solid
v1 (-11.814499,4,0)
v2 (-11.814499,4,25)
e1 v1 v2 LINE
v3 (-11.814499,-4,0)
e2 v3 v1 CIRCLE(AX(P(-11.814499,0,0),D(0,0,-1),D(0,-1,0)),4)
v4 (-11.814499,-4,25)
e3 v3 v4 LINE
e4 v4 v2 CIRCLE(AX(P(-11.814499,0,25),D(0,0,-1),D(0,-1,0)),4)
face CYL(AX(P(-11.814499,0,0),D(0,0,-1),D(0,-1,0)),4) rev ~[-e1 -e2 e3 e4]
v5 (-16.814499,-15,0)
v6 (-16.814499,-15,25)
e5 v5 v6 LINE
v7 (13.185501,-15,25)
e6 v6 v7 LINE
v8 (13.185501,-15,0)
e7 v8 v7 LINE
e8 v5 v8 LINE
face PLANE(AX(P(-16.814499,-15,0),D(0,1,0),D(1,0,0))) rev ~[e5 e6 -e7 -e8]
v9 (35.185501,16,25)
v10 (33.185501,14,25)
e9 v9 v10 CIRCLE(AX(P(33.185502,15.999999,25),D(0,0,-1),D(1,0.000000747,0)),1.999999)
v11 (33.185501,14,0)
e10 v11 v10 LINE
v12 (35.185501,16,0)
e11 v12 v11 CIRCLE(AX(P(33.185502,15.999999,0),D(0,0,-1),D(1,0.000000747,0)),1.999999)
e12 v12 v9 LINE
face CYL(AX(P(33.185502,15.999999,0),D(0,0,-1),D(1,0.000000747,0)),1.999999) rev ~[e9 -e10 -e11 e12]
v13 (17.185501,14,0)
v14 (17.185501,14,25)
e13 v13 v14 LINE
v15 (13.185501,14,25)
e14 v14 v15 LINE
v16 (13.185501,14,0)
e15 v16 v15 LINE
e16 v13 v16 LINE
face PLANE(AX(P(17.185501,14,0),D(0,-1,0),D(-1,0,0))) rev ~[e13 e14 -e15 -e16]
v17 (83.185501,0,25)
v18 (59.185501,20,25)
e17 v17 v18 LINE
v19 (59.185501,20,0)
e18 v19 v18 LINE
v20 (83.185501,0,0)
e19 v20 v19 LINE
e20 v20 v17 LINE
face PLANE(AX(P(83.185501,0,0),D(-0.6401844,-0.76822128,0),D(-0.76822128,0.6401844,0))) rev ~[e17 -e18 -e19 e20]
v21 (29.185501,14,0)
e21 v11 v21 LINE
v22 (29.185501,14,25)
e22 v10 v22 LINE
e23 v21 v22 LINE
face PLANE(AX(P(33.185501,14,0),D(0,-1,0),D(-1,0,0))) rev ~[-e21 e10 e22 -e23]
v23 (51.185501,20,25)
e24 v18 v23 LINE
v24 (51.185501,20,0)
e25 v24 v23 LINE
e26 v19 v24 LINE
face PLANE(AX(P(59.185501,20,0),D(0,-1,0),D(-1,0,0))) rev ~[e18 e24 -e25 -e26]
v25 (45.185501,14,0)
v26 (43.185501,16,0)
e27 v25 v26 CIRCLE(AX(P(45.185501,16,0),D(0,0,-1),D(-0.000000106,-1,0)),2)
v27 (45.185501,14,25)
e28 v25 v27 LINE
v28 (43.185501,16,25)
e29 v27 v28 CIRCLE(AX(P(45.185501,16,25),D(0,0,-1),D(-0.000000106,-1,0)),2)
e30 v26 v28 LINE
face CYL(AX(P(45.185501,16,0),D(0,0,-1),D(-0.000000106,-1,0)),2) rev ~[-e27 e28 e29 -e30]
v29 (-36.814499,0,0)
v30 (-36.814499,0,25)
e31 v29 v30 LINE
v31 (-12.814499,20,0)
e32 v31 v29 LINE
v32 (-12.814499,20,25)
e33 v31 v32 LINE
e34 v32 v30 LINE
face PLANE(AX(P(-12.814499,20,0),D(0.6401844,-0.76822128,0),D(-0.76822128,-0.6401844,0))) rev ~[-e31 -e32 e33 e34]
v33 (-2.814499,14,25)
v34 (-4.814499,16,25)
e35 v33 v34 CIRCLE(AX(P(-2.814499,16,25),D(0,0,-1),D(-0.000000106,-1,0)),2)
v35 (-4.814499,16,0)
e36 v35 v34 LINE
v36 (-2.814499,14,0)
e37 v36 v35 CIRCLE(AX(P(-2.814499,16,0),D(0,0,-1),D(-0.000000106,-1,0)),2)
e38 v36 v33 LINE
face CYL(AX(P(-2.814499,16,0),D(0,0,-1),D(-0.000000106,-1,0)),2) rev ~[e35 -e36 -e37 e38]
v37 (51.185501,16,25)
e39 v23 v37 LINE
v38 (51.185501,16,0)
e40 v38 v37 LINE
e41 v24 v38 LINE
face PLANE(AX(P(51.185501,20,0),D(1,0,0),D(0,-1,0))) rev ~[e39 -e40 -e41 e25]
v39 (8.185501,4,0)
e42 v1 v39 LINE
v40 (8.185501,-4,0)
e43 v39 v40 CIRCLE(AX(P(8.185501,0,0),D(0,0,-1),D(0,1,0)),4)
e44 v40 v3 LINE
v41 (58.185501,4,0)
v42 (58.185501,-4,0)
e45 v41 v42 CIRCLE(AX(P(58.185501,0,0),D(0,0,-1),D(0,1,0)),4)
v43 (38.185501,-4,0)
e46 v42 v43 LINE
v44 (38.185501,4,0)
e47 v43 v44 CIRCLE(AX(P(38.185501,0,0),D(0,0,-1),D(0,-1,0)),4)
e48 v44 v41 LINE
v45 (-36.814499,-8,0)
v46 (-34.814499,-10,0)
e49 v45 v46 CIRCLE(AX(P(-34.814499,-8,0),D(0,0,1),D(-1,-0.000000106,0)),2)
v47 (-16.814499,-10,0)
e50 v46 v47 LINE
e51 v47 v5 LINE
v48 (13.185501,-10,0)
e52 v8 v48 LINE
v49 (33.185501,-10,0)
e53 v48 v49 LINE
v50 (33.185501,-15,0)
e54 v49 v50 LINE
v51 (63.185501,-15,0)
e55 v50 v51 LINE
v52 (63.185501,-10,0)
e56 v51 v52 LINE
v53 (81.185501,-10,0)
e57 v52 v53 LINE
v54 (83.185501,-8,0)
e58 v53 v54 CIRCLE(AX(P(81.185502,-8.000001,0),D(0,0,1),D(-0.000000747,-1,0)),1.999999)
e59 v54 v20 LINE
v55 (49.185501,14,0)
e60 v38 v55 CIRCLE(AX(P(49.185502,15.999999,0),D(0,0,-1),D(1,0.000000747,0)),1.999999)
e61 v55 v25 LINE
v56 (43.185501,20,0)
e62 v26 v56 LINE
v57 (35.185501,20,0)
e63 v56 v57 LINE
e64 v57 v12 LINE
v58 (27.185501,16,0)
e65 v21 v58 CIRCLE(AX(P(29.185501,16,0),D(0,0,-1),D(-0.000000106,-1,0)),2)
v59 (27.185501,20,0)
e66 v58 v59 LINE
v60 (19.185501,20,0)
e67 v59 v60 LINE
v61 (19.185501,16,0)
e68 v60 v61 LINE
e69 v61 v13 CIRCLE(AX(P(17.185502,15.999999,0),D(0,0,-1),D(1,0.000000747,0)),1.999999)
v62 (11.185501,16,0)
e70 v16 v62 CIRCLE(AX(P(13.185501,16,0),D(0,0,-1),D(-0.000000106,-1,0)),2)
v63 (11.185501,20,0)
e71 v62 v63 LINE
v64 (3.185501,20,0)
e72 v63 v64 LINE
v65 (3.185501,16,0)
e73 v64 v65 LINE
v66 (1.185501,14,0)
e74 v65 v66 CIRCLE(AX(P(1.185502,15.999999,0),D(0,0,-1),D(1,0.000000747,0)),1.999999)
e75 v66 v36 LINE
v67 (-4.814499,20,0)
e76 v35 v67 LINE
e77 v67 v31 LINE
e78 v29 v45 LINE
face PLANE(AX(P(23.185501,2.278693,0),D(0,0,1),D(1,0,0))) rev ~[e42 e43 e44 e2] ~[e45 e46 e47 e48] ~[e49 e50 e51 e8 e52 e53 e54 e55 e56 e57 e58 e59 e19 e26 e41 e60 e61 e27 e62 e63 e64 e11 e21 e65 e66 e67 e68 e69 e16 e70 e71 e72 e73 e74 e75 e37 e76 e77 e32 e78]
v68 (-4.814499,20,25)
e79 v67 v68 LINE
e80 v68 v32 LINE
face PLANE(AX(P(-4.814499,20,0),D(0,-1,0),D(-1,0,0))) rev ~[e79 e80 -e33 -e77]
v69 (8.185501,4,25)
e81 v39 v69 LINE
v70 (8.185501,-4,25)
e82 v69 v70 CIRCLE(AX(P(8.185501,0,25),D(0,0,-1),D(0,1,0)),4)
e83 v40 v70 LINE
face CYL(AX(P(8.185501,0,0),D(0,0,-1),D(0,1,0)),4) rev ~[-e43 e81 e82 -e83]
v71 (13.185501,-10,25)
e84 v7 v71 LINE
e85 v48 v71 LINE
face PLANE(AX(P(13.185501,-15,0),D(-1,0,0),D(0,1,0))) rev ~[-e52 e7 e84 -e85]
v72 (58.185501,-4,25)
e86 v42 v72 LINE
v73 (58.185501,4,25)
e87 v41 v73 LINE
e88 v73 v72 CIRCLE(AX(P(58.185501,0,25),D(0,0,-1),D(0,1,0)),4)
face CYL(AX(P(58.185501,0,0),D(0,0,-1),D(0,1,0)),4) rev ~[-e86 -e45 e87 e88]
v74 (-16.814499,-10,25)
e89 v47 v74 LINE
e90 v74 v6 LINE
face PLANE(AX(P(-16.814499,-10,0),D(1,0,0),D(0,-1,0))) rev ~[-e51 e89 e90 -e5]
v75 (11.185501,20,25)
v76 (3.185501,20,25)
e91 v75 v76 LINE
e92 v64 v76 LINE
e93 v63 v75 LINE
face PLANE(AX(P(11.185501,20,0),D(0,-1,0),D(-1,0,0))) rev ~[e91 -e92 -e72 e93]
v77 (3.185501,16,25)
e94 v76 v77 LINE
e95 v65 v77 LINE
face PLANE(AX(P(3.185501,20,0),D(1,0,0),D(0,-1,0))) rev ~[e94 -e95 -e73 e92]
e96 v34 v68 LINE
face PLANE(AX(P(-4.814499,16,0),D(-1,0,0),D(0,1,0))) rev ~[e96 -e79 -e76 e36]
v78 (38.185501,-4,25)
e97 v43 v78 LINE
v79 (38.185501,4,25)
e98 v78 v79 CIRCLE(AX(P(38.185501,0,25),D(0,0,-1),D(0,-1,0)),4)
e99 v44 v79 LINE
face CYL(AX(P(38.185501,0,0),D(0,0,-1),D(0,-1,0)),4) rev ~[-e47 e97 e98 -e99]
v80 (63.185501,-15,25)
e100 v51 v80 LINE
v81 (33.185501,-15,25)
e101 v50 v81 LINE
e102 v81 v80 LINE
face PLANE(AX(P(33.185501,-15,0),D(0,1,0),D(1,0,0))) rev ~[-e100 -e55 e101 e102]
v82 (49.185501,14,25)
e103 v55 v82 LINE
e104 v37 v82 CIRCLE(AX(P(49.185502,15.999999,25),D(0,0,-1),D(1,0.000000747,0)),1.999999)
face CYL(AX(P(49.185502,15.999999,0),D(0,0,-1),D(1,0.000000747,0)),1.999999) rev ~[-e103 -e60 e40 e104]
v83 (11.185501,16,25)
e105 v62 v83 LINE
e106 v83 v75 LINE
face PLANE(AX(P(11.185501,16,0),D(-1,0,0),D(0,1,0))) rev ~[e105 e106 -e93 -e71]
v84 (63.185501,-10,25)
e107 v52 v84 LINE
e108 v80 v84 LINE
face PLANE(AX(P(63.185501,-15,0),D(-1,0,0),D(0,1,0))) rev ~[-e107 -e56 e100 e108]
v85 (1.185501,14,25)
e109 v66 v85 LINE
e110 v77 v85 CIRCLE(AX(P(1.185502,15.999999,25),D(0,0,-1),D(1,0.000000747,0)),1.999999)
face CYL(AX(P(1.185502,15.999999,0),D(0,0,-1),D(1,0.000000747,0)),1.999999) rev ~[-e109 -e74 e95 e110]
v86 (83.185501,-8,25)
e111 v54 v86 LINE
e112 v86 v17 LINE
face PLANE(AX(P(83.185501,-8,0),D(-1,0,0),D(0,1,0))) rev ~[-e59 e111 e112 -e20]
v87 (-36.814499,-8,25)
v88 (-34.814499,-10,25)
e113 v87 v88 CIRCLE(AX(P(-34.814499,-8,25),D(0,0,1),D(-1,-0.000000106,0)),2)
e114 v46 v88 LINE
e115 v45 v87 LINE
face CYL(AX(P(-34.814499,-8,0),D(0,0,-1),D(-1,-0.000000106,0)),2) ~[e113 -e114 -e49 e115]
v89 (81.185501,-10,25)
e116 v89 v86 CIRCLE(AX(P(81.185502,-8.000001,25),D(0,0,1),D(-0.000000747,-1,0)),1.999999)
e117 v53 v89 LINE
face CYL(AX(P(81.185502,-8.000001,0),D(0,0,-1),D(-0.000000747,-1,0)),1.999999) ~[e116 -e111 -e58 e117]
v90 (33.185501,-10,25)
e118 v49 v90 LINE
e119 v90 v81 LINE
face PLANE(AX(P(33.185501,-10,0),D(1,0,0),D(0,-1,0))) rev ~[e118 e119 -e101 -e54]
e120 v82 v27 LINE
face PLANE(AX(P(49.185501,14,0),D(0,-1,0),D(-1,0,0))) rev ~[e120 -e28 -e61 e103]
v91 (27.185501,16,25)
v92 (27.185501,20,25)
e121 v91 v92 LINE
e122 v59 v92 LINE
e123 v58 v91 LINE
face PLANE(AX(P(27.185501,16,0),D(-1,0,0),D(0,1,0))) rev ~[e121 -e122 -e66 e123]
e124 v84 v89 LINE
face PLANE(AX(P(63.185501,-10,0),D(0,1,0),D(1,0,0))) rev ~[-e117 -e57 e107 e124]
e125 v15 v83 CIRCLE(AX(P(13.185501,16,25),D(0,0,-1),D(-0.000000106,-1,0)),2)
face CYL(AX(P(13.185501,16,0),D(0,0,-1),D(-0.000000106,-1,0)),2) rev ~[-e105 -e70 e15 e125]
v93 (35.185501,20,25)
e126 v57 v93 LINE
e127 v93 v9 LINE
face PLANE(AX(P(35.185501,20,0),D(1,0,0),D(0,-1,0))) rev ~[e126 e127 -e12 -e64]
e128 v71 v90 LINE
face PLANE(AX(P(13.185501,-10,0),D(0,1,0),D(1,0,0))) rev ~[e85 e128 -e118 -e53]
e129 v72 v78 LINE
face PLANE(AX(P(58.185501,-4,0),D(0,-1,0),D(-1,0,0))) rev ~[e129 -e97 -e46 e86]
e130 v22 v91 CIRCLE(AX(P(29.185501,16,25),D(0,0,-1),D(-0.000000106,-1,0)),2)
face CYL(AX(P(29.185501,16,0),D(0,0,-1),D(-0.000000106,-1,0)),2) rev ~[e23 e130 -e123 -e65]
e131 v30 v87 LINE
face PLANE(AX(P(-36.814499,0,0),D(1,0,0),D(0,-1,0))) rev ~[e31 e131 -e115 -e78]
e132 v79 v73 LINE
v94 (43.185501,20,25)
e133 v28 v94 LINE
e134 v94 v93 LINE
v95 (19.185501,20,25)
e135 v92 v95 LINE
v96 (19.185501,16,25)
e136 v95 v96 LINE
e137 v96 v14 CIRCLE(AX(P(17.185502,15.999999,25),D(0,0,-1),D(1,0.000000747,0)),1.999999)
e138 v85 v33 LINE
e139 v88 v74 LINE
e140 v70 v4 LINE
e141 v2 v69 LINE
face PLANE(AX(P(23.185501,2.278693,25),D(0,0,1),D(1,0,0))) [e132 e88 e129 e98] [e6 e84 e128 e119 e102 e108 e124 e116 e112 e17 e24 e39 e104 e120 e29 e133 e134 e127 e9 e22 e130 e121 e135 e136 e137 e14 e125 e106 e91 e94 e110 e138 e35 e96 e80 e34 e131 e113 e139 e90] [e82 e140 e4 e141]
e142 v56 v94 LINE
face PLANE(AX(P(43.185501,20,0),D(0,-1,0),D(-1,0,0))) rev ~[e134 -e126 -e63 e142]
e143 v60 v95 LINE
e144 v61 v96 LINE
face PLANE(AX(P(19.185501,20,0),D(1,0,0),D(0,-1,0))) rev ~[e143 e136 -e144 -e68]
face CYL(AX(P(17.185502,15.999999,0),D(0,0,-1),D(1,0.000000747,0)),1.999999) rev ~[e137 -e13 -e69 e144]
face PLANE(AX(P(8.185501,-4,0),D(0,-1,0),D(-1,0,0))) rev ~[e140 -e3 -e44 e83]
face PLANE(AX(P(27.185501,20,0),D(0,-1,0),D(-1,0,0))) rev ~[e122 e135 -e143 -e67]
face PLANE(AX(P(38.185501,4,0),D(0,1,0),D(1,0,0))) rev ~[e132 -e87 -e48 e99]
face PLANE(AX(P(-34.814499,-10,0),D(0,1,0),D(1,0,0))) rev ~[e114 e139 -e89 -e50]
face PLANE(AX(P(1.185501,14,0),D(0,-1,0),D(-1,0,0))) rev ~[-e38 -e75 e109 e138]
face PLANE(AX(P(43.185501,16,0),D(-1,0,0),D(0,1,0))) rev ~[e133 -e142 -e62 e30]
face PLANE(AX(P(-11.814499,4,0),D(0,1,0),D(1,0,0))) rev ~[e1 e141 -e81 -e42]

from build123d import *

# Parameters (mm, degrees)
F1_DEPTH = 25


with BuildPart() as f1:
    # F0 (on Top) → F1 (new body)
    with BuildSketch(Plane.XY):
        with BuildLine():
            ThreePointArc((-36.814499, -8), (-36.228712, -9.414214), (-34.814499, -10))
            Line((-34.814499, -10), (-16.814499, -10))
            Line((-16.814499, -10), (-16.814499, -15))
            Line((-16.814499, -15), (13.185501, -15))
            Line((13.185501, -15), (13.185501, -10))
            Line((13.185501, -10), (33.185501, -10))
            Line((33.185501, -10), (33.185501, -15))
            Line((33.185501, -15), (63.185501, -15))
            Line((63.185501, -15), (63.185501, -10))
            Line((63.185501, -10), (81.185501, -10))
            ThreePointArc((81.185501, -10), (82.599715, -9.414214), (83.185501, -8))
            Line((83.185501, -8), (83.185501, 0))
            Line((83.185501, 0), (59.185501, 20))
            Line((59.185501, 20), (51.185501, 20))
            Line((51.185501, 20), (51.185501, 16))
            ThreePointArc((51.185501, 16), (50.599715, 14.585786), (49.185501, 14))
            Line((49.185501, 14), (45.185501, 14))
            ThreePointArc((45.185501, 14), (43.771288, 14.585786), (43.185501, 16))
            Line((43.185501, 16), (43.185501, 20))
            Line((43.185501, 20), (35.185501, 20))
            Line((35.185501, 20), (35.185501, 16))
            ThreePointArc((35.185501, 16), (34.599715, 14.585786), (33.185501, 14))
            Line((33.185501, 14), (29.185501, 14))
            ThreePointArc((29.185501, 14), (27.771288, 14.585786), (27.185501, 16))
            Line((27.185501, 16), (27.185501, 20))
            Line((27.185501, 20), (19.185501, 20))
            Line((19.185501, 20), (19.185501, 16))
            ThreePointArc((19.185501, 16), (18.599715, 14.585786), (17.185501, 14))
            Line((17.185501, 14), (13.185501, 14))
            ThreePointArc((13.185501, 14), (11.771288, 14.585786), (11.185501, 16))
            Line((11.185501, 16), (11.185501, 20))
            Line((11.185501, 20), (3.185501, 20))
            Line((3.185501, 20), (3.185501, 16))
            ThreePointArc((3.185501, 16), (2.599715, 14.585786), (1.185501, 14))
            Line((1.185501, 14), (-2.814499, 14))
            ThreePointArc((-2.814499, 14), (-4.228712, 14.585786), (-4.814499, 16))
            Line((-4.814499, 16), (-4.814499, 20))
            Line((-4.814499, 20), (-12.814499, 20))
            Line((-12.814499, 20), (-36.814499, 0))
            Line((-36.814499, 0), (-36.814499, -8))
        make_face()
        with BuildLine():
            ThreePointArc((8.185501, 4), (12.185501, 0), (8.185501, -4))
            Line((8.185501, -4), (-11.814499, -4))
            ThreePointArc((-11.814499, -4), (-15.814499, 0), (-11.814499, 4))
            Line((-11.814499, 4), (8.185501, 4))
        make_face(mode=Mode.SUBTRACT)
        with BuildLine():
            ThreePointArc((58.185501, 4), (62.185501, 0), (58.185501, -4))
            Line((58.185501, -4), (38.185501, -4))
            ThreePointArc((38.185501, -4), (34.185501, 0), (38.185501, 4))
            Line((38.185501, 4), (58.185501, 4))
        make_face(mode=Mode.SUBTRACT)
    extrude(amount=F1_DEPTH)


solid = f1.part
